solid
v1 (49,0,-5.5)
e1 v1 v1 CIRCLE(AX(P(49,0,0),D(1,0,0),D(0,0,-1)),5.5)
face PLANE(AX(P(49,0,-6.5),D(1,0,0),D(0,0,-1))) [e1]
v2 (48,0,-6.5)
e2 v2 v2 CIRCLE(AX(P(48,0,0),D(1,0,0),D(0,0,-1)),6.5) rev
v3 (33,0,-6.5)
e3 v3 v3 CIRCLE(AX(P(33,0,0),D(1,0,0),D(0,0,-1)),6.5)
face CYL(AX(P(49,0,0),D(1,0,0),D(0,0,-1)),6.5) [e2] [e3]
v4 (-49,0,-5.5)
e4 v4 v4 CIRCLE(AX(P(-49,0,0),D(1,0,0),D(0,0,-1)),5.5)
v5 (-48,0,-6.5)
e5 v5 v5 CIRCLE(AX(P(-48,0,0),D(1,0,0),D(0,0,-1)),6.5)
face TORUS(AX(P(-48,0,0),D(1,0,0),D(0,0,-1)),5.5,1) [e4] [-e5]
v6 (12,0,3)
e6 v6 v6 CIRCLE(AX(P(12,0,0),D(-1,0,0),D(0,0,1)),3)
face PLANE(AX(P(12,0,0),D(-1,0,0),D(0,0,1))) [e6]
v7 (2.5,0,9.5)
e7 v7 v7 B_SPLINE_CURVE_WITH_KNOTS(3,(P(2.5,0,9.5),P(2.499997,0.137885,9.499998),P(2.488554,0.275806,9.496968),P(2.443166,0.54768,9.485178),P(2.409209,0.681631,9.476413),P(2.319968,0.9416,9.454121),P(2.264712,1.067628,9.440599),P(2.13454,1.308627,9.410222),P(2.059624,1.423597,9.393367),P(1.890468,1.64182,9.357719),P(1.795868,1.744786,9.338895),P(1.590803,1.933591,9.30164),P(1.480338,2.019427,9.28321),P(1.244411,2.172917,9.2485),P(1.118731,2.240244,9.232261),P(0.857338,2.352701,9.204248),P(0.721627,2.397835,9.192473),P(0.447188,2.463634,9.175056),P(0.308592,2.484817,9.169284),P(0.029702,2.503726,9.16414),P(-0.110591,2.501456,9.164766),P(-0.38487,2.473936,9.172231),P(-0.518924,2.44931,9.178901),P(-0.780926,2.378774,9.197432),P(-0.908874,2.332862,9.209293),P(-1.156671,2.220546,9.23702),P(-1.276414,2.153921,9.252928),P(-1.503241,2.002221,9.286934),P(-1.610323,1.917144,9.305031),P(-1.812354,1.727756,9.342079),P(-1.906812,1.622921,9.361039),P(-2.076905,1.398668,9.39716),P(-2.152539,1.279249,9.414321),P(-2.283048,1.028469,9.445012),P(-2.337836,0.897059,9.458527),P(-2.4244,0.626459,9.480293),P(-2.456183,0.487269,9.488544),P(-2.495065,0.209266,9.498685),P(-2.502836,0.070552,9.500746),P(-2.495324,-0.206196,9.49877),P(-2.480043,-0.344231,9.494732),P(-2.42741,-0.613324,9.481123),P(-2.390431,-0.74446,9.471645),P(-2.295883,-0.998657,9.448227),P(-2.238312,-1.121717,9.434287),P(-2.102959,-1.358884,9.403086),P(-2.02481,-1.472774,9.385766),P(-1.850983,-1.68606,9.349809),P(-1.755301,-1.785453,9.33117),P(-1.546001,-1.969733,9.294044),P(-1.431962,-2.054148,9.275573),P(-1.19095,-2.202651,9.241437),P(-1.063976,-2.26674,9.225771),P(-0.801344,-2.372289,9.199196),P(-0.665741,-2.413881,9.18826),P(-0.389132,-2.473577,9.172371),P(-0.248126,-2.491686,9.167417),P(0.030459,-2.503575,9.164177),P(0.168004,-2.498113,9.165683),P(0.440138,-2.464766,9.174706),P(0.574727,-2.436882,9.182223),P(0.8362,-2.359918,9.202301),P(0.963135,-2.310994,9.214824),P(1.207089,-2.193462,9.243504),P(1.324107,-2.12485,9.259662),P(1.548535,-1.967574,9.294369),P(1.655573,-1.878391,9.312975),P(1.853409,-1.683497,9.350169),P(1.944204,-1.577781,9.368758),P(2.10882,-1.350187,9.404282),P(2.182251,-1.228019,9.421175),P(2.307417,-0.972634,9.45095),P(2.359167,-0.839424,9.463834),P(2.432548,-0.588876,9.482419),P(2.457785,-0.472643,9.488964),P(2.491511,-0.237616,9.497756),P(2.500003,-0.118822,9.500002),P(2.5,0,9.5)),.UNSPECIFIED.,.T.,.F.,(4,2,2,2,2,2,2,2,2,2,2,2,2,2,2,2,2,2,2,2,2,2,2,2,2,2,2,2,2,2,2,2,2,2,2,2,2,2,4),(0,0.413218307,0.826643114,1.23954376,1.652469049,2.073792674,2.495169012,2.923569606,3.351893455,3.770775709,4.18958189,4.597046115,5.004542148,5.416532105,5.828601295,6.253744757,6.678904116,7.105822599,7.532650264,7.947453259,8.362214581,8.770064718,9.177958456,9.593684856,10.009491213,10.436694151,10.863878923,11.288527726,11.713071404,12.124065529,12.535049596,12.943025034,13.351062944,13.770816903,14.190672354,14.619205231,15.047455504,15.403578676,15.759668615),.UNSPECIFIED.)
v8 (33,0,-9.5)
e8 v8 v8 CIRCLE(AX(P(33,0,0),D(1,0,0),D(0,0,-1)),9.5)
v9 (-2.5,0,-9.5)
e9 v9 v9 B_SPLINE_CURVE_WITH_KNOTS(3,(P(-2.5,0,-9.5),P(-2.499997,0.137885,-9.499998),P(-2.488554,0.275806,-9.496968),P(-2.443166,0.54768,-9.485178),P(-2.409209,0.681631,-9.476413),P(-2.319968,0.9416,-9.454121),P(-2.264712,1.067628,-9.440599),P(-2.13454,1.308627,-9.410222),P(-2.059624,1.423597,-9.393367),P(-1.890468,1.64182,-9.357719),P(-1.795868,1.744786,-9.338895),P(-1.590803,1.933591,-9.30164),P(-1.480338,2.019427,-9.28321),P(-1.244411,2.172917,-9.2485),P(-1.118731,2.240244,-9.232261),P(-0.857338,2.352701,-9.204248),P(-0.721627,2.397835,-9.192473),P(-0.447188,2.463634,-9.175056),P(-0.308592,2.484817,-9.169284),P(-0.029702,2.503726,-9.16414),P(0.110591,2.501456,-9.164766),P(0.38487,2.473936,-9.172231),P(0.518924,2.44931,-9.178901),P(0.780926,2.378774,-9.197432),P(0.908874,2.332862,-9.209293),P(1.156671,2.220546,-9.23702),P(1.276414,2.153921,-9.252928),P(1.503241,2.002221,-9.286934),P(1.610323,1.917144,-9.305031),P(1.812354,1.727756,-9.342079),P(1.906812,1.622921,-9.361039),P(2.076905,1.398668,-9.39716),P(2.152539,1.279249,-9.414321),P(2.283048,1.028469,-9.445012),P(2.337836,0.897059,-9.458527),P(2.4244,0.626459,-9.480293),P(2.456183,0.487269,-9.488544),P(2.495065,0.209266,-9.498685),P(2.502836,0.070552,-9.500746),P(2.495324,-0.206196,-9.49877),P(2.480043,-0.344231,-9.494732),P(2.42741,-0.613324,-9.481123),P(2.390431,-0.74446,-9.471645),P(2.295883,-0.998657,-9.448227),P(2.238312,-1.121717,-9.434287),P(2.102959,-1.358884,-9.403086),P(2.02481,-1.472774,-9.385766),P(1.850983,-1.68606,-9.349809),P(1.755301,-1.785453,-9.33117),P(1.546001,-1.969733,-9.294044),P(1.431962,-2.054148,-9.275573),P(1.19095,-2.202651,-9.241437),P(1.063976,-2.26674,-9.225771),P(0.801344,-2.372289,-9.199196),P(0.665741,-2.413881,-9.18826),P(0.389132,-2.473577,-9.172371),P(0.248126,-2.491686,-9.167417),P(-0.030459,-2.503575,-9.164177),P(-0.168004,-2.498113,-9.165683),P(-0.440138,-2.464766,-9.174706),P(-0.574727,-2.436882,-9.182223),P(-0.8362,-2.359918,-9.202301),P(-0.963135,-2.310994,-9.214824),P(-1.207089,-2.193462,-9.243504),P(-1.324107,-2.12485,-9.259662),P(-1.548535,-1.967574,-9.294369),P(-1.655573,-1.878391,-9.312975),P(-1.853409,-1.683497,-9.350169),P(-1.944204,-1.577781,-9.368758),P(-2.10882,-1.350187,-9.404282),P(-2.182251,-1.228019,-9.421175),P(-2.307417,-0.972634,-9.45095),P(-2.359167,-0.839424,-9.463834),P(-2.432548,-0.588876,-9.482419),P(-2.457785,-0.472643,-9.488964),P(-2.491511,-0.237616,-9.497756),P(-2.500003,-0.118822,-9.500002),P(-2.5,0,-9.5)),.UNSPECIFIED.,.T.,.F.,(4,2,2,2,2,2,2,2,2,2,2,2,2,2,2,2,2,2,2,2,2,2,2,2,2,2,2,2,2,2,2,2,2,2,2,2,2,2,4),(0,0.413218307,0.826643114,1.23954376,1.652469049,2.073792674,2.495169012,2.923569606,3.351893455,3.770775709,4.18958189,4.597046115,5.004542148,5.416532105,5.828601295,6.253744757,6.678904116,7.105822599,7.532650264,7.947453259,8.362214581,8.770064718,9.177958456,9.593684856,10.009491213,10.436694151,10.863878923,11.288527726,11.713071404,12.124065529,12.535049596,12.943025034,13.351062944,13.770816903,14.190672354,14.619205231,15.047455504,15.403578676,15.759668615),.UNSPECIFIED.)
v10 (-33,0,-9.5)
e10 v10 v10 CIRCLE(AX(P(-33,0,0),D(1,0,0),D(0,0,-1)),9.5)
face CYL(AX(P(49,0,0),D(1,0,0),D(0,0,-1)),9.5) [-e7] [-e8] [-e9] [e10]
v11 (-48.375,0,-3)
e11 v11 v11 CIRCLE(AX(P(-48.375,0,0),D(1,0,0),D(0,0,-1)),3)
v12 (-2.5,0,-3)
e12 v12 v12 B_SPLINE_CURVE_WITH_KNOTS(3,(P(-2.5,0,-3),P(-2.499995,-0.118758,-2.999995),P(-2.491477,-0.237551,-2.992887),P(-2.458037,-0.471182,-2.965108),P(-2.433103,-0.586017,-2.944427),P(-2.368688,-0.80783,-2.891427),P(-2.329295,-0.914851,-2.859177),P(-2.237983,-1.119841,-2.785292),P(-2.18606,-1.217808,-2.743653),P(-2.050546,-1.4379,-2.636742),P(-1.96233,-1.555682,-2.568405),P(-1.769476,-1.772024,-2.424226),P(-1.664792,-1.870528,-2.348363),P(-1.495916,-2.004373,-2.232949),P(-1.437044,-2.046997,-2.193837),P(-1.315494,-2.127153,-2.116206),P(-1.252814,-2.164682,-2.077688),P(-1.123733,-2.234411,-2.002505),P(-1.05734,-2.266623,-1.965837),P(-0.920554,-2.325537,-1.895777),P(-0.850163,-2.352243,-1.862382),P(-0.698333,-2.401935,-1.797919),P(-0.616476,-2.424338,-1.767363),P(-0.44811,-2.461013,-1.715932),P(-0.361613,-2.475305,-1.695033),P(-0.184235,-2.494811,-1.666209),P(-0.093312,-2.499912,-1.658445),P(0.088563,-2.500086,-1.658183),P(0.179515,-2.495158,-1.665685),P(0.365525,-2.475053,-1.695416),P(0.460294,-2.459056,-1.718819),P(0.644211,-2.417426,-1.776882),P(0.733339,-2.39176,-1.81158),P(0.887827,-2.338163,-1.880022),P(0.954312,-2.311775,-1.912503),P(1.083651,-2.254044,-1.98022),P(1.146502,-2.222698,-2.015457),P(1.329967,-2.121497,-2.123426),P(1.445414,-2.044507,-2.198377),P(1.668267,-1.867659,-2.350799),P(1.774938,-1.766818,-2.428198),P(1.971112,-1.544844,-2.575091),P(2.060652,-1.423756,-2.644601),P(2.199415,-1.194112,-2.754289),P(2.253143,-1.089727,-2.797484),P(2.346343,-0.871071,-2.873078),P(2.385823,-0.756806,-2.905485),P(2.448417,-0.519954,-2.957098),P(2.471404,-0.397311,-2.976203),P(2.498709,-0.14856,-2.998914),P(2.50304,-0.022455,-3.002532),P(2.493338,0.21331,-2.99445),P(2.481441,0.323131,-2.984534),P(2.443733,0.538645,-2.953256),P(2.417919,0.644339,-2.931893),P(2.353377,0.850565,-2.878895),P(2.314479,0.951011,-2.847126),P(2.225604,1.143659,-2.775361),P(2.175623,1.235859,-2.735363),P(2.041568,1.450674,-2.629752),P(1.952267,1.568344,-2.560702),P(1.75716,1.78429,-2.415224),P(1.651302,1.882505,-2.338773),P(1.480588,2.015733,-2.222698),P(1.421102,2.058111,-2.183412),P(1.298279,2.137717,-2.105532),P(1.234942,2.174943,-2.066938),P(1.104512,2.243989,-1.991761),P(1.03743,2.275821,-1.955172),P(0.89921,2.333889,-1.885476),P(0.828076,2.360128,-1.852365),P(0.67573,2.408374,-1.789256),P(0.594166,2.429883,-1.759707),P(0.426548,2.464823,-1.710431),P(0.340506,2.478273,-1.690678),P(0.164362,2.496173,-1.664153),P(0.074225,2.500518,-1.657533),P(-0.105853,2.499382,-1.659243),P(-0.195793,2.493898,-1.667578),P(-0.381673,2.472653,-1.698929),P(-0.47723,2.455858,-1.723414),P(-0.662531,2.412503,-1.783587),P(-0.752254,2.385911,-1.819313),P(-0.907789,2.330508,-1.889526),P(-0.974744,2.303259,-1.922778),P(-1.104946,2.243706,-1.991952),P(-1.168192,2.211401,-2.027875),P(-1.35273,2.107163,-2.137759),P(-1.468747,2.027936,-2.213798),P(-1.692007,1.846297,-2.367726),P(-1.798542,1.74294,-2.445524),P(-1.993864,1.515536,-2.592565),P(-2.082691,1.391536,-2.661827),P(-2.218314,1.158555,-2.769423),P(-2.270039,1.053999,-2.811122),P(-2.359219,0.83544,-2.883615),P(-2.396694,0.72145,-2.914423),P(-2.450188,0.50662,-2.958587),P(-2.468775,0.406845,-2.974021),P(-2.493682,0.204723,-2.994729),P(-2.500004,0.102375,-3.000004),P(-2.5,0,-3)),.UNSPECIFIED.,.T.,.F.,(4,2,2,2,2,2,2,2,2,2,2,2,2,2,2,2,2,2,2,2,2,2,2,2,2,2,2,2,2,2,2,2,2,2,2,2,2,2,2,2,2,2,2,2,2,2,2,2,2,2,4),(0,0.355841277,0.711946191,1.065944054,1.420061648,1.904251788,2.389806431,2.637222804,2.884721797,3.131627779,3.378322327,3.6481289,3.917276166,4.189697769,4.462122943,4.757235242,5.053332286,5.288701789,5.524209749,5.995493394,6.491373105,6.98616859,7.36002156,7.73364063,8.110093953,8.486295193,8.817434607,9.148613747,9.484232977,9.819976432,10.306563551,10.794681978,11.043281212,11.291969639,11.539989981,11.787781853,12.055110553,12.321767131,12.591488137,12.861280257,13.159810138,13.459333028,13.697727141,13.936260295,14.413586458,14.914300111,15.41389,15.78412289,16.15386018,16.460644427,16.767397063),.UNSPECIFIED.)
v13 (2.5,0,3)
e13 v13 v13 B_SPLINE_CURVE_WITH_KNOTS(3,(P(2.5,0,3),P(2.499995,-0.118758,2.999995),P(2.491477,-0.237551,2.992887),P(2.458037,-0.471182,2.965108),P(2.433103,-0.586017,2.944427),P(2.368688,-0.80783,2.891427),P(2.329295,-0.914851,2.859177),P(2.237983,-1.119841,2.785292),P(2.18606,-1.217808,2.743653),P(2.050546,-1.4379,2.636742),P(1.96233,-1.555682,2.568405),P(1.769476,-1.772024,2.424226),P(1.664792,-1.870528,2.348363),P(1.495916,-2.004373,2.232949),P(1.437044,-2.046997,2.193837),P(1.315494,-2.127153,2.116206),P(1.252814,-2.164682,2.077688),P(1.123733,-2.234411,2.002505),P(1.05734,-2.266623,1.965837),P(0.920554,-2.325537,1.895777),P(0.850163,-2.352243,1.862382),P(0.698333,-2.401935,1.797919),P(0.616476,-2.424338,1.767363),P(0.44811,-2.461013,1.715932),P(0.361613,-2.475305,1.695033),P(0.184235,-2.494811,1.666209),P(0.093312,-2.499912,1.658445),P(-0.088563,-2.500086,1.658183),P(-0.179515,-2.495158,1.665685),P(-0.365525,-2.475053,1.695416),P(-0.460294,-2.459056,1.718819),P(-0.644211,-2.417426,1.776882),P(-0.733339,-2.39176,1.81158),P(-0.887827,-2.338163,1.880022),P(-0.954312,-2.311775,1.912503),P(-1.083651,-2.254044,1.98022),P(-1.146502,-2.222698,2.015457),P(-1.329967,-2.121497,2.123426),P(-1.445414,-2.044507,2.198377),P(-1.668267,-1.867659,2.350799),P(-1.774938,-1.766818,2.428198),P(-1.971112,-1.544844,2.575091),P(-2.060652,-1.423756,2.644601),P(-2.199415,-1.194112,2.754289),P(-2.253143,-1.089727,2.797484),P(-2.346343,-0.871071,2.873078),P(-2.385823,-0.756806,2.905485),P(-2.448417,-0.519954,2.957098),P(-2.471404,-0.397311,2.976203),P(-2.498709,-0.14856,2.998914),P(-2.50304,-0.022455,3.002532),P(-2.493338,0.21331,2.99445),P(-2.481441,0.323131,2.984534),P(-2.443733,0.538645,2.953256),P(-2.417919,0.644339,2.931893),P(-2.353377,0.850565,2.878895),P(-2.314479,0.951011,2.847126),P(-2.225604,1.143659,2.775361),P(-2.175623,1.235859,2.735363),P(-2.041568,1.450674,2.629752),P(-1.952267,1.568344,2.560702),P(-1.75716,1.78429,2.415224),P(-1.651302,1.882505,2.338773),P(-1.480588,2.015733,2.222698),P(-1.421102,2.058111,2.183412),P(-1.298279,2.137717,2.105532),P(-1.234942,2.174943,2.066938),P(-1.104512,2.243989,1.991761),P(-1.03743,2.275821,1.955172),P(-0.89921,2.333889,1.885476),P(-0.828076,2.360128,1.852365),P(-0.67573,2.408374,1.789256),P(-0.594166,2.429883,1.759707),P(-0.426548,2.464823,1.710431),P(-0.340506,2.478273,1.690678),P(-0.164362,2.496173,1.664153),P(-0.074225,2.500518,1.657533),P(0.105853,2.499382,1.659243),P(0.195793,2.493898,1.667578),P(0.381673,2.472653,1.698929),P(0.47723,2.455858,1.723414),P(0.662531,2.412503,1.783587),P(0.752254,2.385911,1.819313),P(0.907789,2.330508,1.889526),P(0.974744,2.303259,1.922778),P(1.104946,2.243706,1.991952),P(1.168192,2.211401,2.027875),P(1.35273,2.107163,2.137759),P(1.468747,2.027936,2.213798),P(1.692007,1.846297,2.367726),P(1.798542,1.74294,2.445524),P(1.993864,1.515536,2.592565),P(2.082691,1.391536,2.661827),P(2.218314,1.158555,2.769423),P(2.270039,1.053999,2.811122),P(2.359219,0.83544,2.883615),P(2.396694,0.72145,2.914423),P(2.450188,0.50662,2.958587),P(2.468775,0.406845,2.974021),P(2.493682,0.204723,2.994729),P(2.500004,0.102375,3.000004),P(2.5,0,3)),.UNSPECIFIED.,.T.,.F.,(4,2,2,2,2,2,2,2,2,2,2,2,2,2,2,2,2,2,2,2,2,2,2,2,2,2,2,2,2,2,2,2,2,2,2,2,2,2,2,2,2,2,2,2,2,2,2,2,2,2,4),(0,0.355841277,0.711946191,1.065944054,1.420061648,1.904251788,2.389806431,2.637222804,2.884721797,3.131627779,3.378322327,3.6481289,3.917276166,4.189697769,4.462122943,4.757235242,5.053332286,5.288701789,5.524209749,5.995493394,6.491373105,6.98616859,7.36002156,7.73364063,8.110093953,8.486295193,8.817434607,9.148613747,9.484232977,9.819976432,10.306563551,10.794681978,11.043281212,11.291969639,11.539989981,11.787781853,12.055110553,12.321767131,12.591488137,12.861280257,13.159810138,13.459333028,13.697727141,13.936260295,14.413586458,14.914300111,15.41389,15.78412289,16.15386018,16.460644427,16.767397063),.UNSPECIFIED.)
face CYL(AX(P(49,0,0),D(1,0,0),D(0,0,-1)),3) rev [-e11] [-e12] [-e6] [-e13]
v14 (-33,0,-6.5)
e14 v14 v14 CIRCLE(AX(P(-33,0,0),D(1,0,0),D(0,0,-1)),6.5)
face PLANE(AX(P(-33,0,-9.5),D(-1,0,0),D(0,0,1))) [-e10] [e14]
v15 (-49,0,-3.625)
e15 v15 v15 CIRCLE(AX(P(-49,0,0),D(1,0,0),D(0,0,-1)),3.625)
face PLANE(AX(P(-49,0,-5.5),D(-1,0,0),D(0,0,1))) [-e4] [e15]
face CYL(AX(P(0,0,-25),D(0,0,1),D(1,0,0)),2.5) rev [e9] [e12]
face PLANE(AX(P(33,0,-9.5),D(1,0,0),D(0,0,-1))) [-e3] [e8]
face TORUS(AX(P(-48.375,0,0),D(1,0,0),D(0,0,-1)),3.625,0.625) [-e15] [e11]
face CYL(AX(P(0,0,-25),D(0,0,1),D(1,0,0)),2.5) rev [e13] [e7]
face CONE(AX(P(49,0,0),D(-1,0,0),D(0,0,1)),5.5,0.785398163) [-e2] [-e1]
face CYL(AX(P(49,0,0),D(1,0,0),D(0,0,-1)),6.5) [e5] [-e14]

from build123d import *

# Parameters (mm, degrees)
CHAMFER1_SIZE      = 1
SKETCH5_R          = 3
CUT_EXTRUDE1_DEPTH = 60
SKETCH7_R          = 2.5
CUT_EXTRUDE2_DEPTH = 25


with BuildPart() as part:
    # Sketch3 → Revolve1 (revolve)
    with BuildSketch(Plane(origin=(0, 0, 0), x_dir=(1, 0, 0), z_dir=(0, 1, 0))):
        with BuildLine():
            Line((-33, 9.5), (33, 9.5))
            Line((33, 9.5), (33, 6.5))
            Line((33, 6.5), (49, 6.5))
            Line((49, 6.5), (49, 0))
            Line((49, 0), (-48, 0))
            Line((-48, 0), (-48, 3))
            Line((-48, 3), (-48.375, 3))
            ThreePointArc((-48.375, 3), (-48.816941738, 3.183058262), (-49, 3.625))
            Line((-49, 3.625), (-49, 5.5))
            ThreePointArc((-49, 5.5), (-48.707106781, 6.207106781), (-48, 6.5))
            Line((-48, 6.5), (-33, 6.5))
            Line((-33, 6.5), (-33, 9.5))
        make_face()
    revolve(axis=Axis((49, 0, 0), (-1, 0, 0)))

    # Chamfer1
    chamfer1_edges = [part.edges().sort_by_distance(p)[0] for p in [
        (49, 0, 6.5),
    ]]
    chamfer(chamfer1_edges, length=CHAMFER1_SIZE)

    # Sketch5 → Cut-Extrude1 (cut)
    with BuildSketch(Plane.ZY.offset(48)):
        with Locations(Location((0, 0, 0), (0, 0, 180))):
            Circle(SKETCH5_R)
    extrude(amount=-CUT_EXTRUDE1_DEPTH, mode=Mode.SUBTRACT)

    # Sketch7 → Cut-Extrude2 (cut, symmetric)
    with BuildSketch(Plane.XY):
        Circle(SKETCH7_R)
    extrude(amount=CUT_EXTRUDE2_DEPTH, both=True, mode=Mode.SUBTRACT)


solid = part.part
